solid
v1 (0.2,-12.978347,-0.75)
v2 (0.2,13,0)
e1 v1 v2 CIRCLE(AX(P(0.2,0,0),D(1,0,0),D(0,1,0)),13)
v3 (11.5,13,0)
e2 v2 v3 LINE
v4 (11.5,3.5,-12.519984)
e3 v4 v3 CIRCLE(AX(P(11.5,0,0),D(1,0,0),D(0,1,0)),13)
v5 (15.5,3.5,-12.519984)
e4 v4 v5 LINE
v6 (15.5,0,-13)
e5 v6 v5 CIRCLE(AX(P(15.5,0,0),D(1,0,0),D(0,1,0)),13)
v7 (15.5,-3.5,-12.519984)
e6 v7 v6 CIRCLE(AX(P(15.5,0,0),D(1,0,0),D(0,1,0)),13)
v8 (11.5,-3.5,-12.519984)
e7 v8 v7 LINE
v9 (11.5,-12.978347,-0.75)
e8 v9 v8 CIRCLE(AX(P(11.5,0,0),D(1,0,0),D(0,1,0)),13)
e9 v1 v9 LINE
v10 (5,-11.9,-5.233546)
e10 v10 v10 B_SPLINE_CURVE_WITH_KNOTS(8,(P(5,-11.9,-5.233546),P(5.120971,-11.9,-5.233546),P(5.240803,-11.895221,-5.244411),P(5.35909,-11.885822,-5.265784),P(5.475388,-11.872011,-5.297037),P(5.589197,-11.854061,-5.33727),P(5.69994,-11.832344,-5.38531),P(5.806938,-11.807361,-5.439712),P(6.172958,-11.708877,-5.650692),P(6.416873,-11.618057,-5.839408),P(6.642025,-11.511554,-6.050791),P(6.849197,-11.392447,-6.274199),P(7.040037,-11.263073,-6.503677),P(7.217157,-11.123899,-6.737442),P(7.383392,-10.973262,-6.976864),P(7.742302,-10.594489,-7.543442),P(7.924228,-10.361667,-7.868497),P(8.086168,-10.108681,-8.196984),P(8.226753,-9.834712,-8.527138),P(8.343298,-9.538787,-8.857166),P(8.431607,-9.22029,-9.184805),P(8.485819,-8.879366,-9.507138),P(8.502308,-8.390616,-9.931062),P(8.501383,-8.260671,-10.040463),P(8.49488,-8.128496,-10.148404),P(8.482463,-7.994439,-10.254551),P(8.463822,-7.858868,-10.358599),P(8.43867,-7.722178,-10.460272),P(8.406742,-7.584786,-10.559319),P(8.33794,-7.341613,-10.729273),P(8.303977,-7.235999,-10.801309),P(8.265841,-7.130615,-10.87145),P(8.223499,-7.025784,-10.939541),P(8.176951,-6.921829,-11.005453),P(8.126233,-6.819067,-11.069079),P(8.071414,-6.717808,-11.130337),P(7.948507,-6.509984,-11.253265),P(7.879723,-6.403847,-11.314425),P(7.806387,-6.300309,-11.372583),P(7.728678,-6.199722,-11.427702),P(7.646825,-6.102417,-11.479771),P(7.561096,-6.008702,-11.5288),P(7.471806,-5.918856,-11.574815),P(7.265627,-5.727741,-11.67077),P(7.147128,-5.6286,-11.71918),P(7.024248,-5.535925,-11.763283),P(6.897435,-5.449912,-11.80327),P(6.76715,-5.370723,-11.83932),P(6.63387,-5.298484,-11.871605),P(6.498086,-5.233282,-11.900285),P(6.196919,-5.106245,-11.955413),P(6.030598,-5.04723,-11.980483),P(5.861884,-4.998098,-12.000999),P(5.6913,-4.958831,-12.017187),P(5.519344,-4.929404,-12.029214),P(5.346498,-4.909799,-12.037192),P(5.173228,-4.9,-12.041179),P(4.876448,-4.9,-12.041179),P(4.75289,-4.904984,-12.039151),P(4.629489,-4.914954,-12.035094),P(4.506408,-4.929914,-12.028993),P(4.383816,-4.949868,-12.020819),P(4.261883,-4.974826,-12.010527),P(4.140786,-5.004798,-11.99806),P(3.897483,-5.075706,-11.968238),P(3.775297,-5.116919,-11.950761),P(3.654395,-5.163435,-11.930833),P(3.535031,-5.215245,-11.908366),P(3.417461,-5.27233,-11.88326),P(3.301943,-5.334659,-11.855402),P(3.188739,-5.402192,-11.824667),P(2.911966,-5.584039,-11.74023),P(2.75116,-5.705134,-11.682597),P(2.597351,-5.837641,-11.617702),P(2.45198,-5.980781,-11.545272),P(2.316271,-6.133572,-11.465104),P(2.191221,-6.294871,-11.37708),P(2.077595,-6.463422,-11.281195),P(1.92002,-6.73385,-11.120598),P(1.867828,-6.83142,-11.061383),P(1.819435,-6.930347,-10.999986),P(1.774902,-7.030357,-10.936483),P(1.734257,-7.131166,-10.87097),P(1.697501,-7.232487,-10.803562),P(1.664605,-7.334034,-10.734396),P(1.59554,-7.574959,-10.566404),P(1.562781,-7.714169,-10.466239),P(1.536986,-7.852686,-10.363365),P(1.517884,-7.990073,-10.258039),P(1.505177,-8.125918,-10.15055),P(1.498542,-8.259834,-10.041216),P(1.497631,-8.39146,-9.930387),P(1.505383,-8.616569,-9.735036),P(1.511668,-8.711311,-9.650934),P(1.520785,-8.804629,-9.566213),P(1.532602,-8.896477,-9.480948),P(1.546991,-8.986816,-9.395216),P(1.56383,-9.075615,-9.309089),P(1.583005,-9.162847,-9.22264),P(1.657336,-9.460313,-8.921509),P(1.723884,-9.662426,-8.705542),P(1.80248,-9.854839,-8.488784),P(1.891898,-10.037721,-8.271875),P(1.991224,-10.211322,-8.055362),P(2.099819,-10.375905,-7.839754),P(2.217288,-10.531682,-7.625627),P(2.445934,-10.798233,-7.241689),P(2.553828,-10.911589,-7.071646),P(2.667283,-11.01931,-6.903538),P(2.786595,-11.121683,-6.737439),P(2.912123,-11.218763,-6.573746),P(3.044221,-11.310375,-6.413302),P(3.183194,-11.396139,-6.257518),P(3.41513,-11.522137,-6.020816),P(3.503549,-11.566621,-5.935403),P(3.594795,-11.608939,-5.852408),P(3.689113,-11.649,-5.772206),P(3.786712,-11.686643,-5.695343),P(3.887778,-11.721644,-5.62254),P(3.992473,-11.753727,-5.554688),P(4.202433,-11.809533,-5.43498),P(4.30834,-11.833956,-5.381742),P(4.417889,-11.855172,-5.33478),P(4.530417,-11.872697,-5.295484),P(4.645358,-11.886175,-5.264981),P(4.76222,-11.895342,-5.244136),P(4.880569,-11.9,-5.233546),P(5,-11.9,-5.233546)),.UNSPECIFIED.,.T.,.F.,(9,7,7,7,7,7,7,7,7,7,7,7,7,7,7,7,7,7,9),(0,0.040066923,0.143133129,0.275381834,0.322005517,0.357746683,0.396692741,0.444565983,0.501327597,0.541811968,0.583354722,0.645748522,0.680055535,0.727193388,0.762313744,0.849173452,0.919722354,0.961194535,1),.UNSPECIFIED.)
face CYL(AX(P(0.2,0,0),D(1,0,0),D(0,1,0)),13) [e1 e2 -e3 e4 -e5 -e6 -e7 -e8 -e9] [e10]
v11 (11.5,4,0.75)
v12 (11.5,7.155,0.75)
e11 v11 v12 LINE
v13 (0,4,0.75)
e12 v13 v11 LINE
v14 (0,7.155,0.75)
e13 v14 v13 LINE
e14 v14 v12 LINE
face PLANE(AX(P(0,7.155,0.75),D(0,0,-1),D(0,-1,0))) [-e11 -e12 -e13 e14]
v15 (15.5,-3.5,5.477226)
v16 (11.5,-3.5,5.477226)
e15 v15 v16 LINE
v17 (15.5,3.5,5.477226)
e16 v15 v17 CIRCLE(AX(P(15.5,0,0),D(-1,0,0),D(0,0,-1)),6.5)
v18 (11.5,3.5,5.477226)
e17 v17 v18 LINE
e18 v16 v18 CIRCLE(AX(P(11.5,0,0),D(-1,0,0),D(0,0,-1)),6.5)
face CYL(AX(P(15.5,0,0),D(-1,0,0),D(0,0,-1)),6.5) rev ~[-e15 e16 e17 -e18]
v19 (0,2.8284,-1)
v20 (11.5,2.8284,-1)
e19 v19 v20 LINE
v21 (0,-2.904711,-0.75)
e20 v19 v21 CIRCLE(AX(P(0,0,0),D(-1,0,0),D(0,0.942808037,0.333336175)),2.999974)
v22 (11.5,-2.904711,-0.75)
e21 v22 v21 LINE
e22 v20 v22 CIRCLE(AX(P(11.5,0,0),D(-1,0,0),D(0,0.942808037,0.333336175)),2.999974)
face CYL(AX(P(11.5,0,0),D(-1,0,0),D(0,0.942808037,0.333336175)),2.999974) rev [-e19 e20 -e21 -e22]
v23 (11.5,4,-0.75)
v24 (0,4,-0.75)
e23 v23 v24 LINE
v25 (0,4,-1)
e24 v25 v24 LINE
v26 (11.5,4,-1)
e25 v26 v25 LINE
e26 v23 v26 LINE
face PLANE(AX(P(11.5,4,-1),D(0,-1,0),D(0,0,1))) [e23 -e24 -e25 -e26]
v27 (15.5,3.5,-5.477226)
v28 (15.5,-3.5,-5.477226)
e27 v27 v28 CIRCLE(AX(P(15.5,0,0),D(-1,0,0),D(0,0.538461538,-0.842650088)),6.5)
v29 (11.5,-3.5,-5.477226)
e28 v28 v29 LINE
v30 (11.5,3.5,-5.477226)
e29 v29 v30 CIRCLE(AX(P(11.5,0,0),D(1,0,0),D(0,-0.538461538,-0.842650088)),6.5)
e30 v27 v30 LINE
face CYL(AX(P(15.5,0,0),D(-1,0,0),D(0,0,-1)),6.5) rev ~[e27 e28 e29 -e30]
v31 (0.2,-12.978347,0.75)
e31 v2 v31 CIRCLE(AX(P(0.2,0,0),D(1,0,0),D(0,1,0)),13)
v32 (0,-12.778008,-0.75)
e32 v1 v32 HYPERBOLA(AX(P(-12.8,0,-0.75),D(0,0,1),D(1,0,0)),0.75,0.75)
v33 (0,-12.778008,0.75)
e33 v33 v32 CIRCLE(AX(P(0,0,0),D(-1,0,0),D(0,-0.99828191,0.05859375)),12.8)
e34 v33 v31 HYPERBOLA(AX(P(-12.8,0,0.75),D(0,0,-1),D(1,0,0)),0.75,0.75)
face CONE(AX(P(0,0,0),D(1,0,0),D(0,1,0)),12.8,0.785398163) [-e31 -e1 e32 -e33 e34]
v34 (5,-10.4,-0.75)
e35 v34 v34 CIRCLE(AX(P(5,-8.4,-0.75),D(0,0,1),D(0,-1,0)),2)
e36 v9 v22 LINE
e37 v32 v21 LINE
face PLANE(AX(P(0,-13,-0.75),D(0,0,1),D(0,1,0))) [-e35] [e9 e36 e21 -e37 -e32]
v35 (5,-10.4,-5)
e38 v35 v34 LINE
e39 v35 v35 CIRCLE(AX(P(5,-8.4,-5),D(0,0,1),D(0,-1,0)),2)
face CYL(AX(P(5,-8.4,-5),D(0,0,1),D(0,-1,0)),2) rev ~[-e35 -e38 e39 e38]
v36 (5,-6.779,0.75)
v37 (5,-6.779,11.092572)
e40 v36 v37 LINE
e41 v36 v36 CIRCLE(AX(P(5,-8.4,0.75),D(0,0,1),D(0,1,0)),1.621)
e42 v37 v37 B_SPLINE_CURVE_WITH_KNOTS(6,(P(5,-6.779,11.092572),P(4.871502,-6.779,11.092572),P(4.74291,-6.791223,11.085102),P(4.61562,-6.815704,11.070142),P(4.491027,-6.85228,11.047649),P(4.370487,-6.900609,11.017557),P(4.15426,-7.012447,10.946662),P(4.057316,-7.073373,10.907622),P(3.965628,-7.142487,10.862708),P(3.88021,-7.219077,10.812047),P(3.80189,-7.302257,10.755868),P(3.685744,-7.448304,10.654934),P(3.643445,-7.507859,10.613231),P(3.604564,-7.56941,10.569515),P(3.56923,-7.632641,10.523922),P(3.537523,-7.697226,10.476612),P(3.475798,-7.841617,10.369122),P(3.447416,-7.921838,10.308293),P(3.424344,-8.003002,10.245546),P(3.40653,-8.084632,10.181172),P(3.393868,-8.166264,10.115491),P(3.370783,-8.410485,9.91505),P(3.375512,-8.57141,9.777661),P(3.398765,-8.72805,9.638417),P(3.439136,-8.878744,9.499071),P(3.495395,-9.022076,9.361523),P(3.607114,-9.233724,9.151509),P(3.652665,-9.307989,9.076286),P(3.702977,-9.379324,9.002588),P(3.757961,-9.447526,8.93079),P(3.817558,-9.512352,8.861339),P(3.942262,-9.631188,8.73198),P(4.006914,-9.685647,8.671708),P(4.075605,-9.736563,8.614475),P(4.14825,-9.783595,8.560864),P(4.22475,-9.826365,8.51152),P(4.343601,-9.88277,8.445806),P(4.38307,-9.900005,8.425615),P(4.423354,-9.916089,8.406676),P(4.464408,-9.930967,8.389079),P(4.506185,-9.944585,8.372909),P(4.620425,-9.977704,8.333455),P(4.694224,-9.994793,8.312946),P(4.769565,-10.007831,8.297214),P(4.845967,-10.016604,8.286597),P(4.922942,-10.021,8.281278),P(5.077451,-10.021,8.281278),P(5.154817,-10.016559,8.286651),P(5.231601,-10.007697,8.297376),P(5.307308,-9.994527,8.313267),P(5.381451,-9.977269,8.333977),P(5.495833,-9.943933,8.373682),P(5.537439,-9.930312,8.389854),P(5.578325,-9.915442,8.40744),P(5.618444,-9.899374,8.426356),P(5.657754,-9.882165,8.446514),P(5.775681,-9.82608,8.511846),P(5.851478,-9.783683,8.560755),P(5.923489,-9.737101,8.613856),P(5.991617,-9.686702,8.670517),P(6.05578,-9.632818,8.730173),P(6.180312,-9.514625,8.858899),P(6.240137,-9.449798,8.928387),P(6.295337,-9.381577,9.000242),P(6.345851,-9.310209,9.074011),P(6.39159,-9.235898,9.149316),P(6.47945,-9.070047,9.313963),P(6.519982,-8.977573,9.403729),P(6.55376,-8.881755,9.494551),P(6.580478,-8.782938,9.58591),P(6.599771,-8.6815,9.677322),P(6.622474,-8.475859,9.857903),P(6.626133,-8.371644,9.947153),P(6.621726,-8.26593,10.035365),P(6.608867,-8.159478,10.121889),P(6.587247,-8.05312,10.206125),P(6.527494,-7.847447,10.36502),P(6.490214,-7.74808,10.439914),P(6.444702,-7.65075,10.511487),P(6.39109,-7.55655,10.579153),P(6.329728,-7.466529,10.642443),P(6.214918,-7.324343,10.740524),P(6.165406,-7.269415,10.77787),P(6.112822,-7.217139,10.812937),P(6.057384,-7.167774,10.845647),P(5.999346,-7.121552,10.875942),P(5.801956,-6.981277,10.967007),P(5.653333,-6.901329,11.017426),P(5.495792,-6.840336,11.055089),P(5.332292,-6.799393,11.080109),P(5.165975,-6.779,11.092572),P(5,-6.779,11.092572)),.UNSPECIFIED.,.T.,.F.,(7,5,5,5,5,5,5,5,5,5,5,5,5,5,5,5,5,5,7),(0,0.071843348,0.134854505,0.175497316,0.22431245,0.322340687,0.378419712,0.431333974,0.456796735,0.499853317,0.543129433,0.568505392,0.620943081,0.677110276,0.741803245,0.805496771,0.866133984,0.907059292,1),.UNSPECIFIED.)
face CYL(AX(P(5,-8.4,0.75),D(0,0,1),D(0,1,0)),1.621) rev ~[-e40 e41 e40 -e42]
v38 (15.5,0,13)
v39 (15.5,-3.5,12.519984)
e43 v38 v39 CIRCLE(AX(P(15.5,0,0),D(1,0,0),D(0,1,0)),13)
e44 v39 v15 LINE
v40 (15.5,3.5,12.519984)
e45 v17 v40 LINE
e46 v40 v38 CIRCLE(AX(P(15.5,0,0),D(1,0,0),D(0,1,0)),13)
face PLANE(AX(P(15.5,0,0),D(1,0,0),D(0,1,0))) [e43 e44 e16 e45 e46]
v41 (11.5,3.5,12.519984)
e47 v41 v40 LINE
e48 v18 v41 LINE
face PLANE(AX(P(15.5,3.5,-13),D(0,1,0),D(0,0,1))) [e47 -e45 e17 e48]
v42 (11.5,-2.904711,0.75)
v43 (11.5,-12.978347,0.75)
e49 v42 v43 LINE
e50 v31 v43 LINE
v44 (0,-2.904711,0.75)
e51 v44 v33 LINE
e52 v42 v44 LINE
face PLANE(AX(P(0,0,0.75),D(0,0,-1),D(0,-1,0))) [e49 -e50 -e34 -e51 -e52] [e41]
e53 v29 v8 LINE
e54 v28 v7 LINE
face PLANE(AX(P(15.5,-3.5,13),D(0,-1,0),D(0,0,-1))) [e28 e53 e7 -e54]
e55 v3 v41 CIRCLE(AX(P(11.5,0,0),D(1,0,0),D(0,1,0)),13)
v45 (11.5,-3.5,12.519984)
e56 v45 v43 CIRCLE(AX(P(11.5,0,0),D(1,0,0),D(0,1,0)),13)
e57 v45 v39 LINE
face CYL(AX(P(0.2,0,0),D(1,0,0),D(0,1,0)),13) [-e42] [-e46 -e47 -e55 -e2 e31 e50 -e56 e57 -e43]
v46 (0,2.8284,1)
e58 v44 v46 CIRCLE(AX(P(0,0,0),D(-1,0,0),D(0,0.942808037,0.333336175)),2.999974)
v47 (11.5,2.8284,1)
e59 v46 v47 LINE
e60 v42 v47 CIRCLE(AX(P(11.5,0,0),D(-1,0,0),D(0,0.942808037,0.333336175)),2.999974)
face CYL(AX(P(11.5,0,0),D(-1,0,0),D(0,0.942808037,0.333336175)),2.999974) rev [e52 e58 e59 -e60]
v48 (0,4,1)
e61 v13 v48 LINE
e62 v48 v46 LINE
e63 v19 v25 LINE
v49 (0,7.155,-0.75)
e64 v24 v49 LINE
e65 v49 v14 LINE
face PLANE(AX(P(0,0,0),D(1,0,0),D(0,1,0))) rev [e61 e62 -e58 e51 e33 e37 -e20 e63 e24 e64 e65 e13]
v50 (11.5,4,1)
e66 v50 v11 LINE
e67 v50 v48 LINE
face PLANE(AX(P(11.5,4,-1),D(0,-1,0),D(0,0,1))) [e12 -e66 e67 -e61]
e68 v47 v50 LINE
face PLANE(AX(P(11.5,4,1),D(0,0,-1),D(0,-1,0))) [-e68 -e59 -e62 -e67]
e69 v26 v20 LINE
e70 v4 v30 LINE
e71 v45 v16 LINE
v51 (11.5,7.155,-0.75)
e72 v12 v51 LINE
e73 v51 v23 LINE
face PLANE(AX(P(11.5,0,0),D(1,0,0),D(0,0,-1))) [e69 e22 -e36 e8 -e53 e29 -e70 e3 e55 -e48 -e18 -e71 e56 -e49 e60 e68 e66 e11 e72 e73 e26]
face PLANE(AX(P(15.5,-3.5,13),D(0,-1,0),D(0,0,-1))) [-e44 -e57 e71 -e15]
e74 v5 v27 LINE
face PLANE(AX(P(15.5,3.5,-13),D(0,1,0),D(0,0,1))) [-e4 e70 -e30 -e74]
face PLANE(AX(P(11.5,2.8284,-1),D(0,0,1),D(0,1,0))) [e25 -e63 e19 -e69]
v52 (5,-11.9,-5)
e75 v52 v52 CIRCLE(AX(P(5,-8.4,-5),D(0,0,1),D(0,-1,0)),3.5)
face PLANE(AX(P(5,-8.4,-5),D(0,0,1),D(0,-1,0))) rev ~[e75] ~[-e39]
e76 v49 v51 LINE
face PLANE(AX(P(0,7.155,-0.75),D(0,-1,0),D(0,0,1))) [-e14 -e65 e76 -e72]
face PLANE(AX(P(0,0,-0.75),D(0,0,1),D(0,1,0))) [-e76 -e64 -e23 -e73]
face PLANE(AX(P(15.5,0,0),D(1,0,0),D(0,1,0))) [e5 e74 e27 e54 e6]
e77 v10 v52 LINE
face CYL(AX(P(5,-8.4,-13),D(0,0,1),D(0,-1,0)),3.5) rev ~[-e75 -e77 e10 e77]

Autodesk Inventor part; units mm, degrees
sketch "Sketch_1" plane through (0, 0, 0) normal (0, 0, 1) x (1, 0, 0)
  line L0 (15.5, 0) -> (0, 0)
  line L1 (0, 0) -> (0, 12.8)
  line L2 (0, 12.8) -> (0.2, 13)
  line L3 (0.2, 13) -> (15.5, 13)
  line L4 (15.5, 13) -> (15.5, 0)
  line L5 (15.5, 0) -> (0, 0)
revolve "Revolution1" add sketch "Sketch_1" angle 360 about axis through (15.5, 0, 0) along (1, 0, 0)
sketch "Sketch_6" plane through (0, 0, 0) normal (1, 0, 0) x (0, 1, 0)
  line L0 (-13, 0.75) -> (-13, -0.75)
  line L1 (-13, -0.75) -> (0, -0.75)
  line L2 (0, -0.75) -> (0, 0.75)
  line L3 (0, 0.75) -> (-13, 0.75)
extrude "Extrusion1" cut sketch "Sketch_6" along normal blind 11.5
sketch "Sketch_7" plane through (5, 0, 0) normal (1, 0, 0) x (0, 0, -1)
  line L0 (-13, -8.4) -> (13, -8.4)
  line L1 (13, -8.4) -> (13, -11.9)
  line L2 (13, -11.9) -> (5, -11.9)
  line L3 (5, -11.9) -> (5, -10.4)
  line L4 (5, -10.4) -> (0.75, -10.4)
  line L5 (0.75, -10.4) -> (0.75, -8.4)
  line L6 (0.75, -8.4) -> (13, -8.4)
revolve "Revolution2" cut sketch "Sketch_7" angle 360 about axis through (5, -8.4, 13) along (0, 0, 1)
sketch "Sketch4" plane through (11.5, 0, 0.75) normal (0, 0, -1) x (-1, 0, 0)
  point P0 (6.5, -8.4)
hole "Hole1" at (5, -8.4, 0.75) direction (0, 0, 1) diameter 3.242 depth 12.25 thread size "M4x0.7" class "6H" standard "ISO Metric profile"
sketch "Sketch_2" plane through (15.5, 0, 0) normal (1, 0, 0) x (0, 0, -1)
  line L0 (-14, -13.5) -> (14, -13.5)
  line L1 (14, -13.5) -> (14, 13.5)
  line L2 (14, 13.5) -> (-14, 13.5)
  line L3 (-14, 13.5) -> (-14, -13.5)
  line L4 (-13, -3.5) -> (13, -3.5)
  line L5 (13, -3.5) -> (13, 3.5)
  line L6 (13, 3.5) -> (-13, 3.5)
  line L7 (-13, 3.5) -> (-13, -3.5)
extrude "Extrusion2" cut sketch "Sketch_2" against normal blind 4
sketch "Sketch6" plane through (15.5, 0, 0) normal (1, 0, 0) x (0, 0, -1)
  point P0 (0, 0)
hole "Hole2" at (15.5, 0, 0) direction (-1, 0, 0) diameter 13 depth 4
sketch "Sketch_15" plane through (11.5, 0, 0) normal (1, 0, 0) x (0, 0, -1)
  arc A0 (-1, 2.8284) -> (1, 2.8284) centre (0, 0) ccw
  line L0 (1, 2.8284) -> (1, 4)
  line L1 (1, 4) -> (-1, 4)
  line L2 (-1, 4) -> (-1, 2.8284)
extrude "Extrusion3" cut sketch "Sketch_15" along normal mid plane 31
sketch "Sketch_8" plane through (0, 0, 0) normal (1, 0, 0) x (0, 1, 0)
  line L0 (7.155, 0.75) -> (0, 0.75)
  line L1 (0, 0.75) -> (0, -0.75)
  line L2 (0, -0.75) -> (7.155, -0.75)
  line L3 (7.155, -0.75) -> (7.155, 0.75)
extrude "Extrusion4" cut sketch "Sketch_8" along normal blind 15.5
ref_plane "L_XY" through (15.2, 0, 0) normal (1, 0, 0) x (0, 0, -1)
ref_plane "L_YZ" through (15.2, 0, 0) normal (0, 0, -1) x (0, 1, 0)
ref_plane "L_ZX" through (15.2, 0, 0) normal (0, 1, 0) x (1, 0, 0)
ref_plane "screw_XY" through (5, -8.4, -5) normal (0, 0, -1) x (1, 0, 0)
ref_plane "screw_YZ" through (5, -8.4, -5) normal (1, 0, 0) x (0, -1, 0)
ref_plane "screw_ZX" through (5, -8.4, -5) normal (0, -1, 0) x (0, 0, -1)
properties part number "MCOCWK26-6_c"
